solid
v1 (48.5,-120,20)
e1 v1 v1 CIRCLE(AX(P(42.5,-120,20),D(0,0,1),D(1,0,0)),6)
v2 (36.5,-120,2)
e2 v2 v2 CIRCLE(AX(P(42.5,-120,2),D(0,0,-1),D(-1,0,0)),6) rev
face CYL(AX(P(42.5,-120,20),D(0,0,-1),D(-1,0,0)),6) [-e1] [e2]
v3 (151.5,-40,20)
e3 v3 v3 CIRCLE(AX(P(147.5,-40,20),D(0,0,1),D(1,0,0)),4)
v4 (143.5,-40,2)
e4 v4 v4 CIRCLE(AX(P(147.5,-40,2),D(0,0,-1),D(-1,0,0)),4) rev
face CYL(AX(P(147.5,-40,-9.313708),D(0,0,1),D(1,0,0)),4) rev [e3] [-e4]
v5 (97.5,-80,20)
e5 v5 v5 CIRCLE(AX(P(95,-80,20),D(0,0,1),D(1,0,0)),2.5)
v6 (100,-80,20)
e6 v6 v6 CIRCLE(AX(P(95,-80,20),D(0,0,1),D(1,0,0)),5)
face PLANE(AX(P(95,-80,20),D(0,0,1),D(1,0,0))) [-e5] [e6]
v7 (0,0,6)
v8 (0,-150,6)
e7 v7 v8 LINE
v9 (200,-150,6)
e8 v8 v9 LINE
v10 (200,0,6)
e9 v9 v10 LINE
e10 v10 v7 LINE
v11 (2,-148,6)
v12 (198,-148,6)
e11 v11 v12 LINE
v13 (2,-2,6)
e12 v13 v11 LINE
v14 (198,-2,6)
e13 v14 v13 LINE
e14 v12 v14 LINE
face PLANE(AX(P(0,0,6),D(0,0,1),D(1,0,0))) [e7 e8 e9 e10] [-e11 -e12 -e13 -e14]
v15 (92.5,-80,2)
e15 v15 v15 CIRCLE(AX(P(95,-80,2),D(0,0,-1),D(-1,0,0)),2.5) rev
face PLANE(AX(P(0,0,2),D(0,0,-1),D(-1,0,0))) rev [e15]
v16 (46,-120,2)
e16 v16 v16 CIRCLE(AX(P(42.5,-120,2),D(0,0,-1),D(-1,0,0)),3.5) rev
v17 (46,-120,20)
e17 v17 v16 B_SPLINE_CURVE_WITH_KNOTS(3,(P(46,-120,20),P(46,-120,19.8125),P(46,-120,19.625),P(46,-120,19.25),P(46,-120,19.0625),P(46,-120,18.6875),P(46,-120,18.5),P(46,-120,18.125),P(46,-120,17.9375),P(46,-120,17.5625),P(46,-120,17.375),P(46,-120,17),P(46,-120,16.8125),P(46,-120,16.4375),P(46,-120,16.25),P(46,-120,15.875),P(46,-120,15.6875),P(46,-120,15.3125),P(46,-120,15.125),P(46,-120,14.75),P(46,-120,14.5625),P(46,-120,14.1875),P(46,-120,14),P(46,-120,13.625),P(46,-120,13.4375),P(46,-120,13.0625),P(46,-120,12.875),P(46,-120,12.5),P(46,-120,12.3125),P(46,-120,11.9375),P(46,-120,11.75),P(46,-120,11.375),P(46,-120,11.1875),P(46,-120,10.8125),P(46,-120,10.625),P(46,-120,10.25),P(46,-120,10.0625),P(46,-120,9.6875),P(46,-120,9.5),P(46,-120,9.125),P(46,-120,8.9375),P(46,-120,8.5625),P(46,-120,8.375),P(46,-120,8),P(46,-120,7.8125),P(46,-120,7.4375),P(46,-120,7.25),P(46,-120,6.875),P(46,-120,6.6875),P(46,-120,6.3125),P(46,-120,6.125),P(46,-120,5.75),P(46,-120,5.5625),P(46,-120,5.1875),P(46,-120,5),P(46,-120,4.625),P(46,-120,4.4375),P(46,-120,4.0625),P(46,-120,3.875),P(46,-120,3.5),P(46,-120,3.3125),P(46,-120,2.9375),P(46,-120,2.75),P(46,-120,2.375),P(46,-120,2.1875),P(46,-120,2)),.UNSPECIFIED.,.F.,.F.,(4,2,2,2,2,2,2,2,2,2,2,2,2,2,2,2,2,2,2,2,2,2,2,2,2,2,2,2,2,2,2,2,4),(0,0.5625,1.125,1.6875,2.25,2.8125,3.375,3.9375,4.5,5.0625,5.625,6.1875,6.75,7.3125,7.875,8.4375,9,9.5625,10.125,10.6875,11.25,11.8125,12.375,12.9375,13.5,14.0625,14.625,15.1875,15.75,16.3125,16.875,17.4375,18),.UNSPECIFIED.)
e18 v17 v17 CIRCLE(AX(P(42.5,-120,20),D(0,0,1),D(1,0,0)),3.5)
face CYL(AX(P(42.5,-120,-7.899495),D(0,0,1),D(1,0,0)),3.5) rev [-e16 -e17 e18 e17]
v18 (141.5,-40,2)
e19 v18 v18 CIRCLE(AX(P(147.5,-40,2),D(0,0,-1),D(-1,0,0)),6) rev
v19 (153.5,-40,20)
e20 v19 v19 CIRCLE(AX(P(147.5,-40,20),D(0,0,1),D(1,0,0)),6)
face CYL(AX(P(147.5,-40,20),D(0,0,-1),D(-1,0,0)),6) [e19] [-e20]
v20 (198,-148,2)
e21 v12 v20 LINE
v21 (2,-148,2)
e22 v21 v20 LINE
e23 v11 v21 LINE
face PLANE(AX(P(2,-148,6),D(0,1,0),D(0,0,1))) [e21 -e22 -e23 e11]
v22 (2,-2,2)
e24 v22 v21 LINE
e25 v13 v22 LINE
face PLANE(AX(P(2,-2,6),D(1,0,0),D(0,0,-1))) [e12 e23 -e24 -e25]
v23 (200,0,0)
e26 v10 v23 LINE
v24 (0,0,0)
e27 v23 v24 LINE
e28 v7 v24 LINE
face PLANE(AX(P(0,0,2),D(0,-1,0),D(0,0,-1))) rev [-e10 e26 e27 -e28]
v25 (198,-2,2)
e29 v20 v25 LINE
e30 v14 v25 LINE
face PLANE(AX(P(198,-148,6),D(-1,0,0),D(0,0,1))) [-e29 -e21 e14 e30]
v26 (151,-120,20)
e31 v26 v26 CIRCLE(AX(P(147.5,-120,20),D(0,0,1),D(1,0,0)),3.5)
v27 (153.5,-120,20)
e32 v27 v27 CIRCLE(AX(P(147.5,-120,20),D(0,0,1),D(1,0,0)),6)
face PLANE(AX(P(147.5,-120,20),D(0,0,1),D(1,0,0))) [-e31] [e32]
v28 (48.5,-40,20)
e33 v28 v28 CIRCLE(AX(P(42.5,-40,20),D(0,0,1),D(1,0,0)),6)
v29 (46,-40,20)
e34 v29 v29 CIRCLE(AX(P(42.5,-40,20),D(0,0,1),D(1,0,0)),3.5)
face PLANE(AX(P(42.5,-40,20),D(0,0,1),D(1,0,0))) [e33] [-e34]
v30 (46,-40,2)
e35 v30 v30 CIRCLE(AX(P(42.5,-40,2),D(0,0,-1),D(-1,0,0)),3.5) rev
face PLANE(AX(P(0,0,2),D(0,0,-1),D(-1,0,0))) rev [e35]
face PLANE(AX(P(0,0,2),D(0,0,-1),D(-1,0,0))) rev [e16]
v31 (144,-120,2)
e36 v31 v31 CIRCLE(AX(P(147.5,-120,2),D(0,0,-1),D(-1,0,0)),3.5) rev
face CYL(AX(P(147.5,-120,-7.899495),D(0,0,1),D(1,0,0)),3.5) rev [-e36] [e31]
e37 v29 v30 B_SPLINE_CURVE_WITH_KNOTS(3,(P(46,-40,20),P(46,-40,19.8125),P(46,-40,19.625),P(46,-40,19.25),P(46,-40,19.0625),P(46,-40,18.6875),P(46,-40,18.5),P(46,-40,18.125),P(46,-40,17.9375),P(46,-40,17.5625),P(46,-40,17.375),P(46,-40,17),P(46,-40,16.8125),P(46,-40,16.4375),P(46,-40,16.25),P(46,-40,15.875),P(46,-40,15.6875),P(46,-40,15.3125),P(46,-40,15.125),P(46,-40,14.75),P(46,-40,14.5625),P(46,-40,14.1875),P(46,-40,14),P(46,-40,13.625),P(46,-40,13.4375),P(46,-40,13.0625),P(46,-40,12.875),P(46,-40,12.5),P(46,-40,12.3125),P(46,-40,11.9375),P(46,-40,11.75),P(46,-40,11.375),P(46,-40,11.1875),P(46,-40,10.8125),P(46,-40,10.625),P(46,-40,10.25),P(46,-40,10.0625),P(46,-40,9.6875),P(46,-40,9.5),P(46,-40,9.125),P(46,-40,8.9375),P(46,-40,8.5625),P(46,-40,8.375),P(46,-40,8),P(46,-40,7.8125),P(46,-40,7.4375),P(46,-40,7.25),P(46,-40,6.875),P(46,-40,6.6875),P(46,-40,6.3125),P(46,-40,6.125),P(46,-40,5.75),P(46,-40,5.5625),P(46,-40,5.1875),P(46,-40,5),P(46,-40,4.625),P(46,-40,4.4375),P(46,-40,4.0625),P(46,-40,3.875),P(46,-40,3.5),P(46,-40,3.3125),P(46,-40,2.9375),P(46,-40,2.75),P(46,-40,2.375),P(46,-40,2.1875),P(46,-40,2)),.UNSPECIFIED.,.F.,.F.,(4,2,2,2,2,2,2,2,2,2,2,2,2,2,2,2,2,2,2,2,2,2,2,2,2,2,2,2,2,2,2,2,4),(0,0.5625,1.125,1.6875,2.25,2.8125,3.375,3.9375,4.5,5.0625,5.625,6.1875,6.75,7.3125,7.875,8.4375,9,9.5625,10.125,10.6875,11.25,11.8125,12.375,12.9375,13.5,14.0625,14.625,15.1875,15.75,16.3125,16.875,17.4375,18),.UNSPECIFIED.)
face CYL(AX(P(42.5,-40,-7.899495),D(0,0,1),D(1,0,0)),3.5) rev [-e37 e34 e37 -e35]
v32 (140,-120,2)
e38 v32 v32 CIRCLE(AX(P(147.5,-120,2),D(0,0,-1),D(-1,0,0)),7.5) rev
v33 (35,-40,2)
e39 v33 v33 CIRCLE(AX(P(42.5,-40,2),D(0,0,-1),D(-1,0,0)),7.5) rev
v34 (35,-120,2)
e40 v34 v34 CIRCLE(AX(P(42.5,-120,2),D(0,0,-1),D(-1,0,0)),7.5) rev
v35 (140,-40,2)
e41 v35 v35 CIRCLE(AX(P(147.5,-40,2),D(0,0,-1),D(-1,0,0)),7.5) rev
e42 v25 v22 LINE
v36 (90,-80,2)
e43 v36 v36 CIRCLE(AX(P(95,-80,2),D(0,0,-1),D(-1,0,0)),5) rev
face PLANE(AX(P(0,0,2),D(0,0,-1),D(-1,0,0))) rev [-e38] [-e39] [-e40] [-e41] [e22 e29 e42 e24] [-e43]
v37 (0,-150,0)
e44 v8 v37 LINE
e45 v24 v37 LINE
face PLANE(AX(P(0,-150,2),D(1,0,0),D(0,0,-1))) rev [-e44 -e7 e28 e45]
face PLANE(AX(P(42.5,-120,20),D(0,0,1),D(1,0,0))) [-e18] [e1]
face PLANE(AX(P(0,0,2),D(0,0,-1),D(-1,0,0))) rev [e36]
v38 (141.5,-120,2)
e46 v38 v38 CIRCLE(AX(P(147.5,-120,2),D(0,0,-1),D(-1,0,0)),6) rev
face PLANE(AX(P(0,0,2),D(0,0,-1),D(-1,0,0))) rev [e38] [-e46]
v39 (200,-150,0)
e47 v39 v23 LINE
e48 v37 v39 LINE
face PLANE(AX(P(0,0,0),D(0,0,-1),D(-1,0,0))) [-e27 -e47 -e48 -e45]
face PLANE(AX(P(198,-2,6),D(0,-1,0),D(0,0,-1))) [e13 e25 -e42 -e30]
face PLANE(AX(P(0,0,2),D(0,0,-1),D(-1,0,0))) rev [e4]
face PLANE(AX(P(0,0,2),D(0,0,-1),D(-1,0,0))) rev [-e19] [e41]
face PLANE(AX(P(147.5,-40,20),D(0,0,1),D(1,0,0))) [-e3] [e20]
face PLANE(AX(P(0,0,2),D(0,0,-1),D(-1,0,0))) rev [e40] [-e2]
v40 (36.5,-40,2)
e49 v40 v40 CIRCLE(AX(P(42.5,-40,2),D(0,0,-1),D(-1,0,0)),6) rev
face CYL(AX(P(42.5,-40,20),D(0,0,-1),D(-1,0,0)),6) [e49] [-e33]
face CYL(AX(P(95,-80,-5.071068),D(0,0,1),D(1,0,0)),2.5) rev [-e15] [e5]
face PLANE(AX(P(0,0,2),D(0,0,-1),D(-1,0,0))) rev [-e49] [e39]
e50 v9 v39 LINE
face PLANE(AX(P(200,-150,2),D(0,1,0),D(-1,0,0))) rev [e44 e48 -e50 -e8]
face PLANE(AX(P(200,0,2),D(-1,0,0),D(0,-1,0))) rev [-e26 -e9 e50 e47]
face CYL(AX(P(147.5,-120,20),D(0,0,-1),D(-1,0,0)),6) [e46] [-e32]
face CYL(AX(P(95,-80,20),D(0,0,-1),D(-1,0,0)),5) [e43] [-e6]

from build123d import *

# Parameters (mm, degrees)
ESQUISSE1_W             = 200
ESQUISSE1_H             = 150
BOSS_EXTRU_1_DEPTH      = 2
ESQUISSE2_R             = 6
ESQUISSE2_R_2           = 5
BOSS_EXTRU_3_DEPTH      = 20
ESQUISSE3_W             = 200
ESQUISSE3_H             = 150
ESQUISSE3_W_2           = 196
ESQUISSE3_H_2           = 146
BOSS_EXTRU_4_DEPTH      = 4
ESQUISSE4_R             = 4
ENL_V_MAT_EXTRU_1_DEPTH = 18
ENL_V_START             = 18
ESQUISSE5_R             = 3.5
ENL_V_MAT_EXTRU_4_DEPTH = 18
ESQUISSE6_R             = 3.5
ENL_V_MAT_EXTRU_6_DEPTH = 18
ESQUISSE7_R             = 3.5
ENL_V_MAT_EXTRU_7_DEPTH = 18
ESQUISSE8_R             = 2.5
ENL_V_MAT_EXTRU_8_DEPTH = 18


with BuildPart() as part:
    # Esquisse1 → Boss.-Extru.1 (new body)
    with BuildSketch(Plane.XY):
        with Locations((100, -75)):
            Rectangle(ESQUISSE1_W, ESQUISSE1_H)
    extrude(amount=BOSS_EXTRU_1_DEPTH)

    # Esquisse2 → Boss.-Extru.3 (add)
    with BuildSketch(Plane.XY):
        with Locations(Location((42.5, -120, 0), (0, 0, 180))):
            Circle(ESQUISSE2_R)
        with Locations(Location((42.5, -40, 0), (0, 0, 180))):
            Circle(ESQUISSE2_R)
        with Locations(Location((147.5, -120, 0), (0, 0, 180))):
            Circle(ESQUISSE2_R)
        with Locations(Location((147.5, -40, 0), (0, 0, 180))):
            Circle(ESQUISSE2_R)
        with Locations(Location((95, -80, 0), (0, 0, 180))):
            Circle(ESQUISSE2_R_2)
    extrude(amount=BOSS_EXTRU_3_DEPTH)

    # Esquisse3 → Boss.-Extru.4 (add)
    with BuildSketch(Plane.XY.offset(2)):
        with Locations((100, -75)):
            Rectangle(ESQUISSE3_W, ESQUISSE3_H)
        with Locations((100, -75)):
            Rectangle(ESQUISSE3_W_2, ESQUISSE3_H_2, mode=Mode.SUBTRACT)
    extrude(amount=BOSS_EXTRU_4_DEPTH)

    # Esquisse4 → Enlèv. mat.-Extru.1 (cut)
    with BuildSketch(Plane.XY.offset(20)):
        with Locations((147.5, -40)):
            Circle(ESQUISSE4_R)
    extrude(amount=-ENL_V_MAT_EXTRU_1_DEPTH, mode=Mode.SUBTRACT)

    # Esquisse5 → Enlèv. mat.-Extru.4 (cut)
    with BuildSketch(Plane.XY.offset(2).offset(ENL_V_START)):
        with Locations((42.5, -40)):
            Circle(ESQUISSE5_R)
    extrude(amount=-ENL_V_MAT_EXTRU_4_DEPTH, mode=Mode.SUBTRACT)

    # Esquisse6 → Enlèv. mat.-Extru.6 (cut)
    with BuildSketch(Plane.XY.offset(2).offset(ENL_V_START)):
        with Locations((147.5, -120)):
            Circle(ESQUISSE6_R)
    extrude(amount=-ENL_V_MAT_EXTRU_6_DEPTH, mode=Mode.SUBTRACT)

    # Esquisse7 → Enlèv. mat.-Extru.7 (cut)
    with BuildSketch(Plane.XY.offset(2).offset(ENL_V_START)):
        with Locations((42.5, -120)):
            Circle(ESQUISSE7_R)
    extrude(amount=-ENL_V_MAT_EXTRU_7_DEPTH, mode=Mode.SUBTRACT)

    # Esquisse8 → Enlèv. mat.-Extru.8 (cut)
    with BuildSketch(Plane.XY.offset(2).offset(ENL_V_START)):
        with Locations((95, -80)):
            Circle(ESQUISSE8_R)
    extrude(amount=-ENL_V_MAT_EXTRU_8_DEPTH, mode=Mode.SUBTRACT)


solid = part.part
